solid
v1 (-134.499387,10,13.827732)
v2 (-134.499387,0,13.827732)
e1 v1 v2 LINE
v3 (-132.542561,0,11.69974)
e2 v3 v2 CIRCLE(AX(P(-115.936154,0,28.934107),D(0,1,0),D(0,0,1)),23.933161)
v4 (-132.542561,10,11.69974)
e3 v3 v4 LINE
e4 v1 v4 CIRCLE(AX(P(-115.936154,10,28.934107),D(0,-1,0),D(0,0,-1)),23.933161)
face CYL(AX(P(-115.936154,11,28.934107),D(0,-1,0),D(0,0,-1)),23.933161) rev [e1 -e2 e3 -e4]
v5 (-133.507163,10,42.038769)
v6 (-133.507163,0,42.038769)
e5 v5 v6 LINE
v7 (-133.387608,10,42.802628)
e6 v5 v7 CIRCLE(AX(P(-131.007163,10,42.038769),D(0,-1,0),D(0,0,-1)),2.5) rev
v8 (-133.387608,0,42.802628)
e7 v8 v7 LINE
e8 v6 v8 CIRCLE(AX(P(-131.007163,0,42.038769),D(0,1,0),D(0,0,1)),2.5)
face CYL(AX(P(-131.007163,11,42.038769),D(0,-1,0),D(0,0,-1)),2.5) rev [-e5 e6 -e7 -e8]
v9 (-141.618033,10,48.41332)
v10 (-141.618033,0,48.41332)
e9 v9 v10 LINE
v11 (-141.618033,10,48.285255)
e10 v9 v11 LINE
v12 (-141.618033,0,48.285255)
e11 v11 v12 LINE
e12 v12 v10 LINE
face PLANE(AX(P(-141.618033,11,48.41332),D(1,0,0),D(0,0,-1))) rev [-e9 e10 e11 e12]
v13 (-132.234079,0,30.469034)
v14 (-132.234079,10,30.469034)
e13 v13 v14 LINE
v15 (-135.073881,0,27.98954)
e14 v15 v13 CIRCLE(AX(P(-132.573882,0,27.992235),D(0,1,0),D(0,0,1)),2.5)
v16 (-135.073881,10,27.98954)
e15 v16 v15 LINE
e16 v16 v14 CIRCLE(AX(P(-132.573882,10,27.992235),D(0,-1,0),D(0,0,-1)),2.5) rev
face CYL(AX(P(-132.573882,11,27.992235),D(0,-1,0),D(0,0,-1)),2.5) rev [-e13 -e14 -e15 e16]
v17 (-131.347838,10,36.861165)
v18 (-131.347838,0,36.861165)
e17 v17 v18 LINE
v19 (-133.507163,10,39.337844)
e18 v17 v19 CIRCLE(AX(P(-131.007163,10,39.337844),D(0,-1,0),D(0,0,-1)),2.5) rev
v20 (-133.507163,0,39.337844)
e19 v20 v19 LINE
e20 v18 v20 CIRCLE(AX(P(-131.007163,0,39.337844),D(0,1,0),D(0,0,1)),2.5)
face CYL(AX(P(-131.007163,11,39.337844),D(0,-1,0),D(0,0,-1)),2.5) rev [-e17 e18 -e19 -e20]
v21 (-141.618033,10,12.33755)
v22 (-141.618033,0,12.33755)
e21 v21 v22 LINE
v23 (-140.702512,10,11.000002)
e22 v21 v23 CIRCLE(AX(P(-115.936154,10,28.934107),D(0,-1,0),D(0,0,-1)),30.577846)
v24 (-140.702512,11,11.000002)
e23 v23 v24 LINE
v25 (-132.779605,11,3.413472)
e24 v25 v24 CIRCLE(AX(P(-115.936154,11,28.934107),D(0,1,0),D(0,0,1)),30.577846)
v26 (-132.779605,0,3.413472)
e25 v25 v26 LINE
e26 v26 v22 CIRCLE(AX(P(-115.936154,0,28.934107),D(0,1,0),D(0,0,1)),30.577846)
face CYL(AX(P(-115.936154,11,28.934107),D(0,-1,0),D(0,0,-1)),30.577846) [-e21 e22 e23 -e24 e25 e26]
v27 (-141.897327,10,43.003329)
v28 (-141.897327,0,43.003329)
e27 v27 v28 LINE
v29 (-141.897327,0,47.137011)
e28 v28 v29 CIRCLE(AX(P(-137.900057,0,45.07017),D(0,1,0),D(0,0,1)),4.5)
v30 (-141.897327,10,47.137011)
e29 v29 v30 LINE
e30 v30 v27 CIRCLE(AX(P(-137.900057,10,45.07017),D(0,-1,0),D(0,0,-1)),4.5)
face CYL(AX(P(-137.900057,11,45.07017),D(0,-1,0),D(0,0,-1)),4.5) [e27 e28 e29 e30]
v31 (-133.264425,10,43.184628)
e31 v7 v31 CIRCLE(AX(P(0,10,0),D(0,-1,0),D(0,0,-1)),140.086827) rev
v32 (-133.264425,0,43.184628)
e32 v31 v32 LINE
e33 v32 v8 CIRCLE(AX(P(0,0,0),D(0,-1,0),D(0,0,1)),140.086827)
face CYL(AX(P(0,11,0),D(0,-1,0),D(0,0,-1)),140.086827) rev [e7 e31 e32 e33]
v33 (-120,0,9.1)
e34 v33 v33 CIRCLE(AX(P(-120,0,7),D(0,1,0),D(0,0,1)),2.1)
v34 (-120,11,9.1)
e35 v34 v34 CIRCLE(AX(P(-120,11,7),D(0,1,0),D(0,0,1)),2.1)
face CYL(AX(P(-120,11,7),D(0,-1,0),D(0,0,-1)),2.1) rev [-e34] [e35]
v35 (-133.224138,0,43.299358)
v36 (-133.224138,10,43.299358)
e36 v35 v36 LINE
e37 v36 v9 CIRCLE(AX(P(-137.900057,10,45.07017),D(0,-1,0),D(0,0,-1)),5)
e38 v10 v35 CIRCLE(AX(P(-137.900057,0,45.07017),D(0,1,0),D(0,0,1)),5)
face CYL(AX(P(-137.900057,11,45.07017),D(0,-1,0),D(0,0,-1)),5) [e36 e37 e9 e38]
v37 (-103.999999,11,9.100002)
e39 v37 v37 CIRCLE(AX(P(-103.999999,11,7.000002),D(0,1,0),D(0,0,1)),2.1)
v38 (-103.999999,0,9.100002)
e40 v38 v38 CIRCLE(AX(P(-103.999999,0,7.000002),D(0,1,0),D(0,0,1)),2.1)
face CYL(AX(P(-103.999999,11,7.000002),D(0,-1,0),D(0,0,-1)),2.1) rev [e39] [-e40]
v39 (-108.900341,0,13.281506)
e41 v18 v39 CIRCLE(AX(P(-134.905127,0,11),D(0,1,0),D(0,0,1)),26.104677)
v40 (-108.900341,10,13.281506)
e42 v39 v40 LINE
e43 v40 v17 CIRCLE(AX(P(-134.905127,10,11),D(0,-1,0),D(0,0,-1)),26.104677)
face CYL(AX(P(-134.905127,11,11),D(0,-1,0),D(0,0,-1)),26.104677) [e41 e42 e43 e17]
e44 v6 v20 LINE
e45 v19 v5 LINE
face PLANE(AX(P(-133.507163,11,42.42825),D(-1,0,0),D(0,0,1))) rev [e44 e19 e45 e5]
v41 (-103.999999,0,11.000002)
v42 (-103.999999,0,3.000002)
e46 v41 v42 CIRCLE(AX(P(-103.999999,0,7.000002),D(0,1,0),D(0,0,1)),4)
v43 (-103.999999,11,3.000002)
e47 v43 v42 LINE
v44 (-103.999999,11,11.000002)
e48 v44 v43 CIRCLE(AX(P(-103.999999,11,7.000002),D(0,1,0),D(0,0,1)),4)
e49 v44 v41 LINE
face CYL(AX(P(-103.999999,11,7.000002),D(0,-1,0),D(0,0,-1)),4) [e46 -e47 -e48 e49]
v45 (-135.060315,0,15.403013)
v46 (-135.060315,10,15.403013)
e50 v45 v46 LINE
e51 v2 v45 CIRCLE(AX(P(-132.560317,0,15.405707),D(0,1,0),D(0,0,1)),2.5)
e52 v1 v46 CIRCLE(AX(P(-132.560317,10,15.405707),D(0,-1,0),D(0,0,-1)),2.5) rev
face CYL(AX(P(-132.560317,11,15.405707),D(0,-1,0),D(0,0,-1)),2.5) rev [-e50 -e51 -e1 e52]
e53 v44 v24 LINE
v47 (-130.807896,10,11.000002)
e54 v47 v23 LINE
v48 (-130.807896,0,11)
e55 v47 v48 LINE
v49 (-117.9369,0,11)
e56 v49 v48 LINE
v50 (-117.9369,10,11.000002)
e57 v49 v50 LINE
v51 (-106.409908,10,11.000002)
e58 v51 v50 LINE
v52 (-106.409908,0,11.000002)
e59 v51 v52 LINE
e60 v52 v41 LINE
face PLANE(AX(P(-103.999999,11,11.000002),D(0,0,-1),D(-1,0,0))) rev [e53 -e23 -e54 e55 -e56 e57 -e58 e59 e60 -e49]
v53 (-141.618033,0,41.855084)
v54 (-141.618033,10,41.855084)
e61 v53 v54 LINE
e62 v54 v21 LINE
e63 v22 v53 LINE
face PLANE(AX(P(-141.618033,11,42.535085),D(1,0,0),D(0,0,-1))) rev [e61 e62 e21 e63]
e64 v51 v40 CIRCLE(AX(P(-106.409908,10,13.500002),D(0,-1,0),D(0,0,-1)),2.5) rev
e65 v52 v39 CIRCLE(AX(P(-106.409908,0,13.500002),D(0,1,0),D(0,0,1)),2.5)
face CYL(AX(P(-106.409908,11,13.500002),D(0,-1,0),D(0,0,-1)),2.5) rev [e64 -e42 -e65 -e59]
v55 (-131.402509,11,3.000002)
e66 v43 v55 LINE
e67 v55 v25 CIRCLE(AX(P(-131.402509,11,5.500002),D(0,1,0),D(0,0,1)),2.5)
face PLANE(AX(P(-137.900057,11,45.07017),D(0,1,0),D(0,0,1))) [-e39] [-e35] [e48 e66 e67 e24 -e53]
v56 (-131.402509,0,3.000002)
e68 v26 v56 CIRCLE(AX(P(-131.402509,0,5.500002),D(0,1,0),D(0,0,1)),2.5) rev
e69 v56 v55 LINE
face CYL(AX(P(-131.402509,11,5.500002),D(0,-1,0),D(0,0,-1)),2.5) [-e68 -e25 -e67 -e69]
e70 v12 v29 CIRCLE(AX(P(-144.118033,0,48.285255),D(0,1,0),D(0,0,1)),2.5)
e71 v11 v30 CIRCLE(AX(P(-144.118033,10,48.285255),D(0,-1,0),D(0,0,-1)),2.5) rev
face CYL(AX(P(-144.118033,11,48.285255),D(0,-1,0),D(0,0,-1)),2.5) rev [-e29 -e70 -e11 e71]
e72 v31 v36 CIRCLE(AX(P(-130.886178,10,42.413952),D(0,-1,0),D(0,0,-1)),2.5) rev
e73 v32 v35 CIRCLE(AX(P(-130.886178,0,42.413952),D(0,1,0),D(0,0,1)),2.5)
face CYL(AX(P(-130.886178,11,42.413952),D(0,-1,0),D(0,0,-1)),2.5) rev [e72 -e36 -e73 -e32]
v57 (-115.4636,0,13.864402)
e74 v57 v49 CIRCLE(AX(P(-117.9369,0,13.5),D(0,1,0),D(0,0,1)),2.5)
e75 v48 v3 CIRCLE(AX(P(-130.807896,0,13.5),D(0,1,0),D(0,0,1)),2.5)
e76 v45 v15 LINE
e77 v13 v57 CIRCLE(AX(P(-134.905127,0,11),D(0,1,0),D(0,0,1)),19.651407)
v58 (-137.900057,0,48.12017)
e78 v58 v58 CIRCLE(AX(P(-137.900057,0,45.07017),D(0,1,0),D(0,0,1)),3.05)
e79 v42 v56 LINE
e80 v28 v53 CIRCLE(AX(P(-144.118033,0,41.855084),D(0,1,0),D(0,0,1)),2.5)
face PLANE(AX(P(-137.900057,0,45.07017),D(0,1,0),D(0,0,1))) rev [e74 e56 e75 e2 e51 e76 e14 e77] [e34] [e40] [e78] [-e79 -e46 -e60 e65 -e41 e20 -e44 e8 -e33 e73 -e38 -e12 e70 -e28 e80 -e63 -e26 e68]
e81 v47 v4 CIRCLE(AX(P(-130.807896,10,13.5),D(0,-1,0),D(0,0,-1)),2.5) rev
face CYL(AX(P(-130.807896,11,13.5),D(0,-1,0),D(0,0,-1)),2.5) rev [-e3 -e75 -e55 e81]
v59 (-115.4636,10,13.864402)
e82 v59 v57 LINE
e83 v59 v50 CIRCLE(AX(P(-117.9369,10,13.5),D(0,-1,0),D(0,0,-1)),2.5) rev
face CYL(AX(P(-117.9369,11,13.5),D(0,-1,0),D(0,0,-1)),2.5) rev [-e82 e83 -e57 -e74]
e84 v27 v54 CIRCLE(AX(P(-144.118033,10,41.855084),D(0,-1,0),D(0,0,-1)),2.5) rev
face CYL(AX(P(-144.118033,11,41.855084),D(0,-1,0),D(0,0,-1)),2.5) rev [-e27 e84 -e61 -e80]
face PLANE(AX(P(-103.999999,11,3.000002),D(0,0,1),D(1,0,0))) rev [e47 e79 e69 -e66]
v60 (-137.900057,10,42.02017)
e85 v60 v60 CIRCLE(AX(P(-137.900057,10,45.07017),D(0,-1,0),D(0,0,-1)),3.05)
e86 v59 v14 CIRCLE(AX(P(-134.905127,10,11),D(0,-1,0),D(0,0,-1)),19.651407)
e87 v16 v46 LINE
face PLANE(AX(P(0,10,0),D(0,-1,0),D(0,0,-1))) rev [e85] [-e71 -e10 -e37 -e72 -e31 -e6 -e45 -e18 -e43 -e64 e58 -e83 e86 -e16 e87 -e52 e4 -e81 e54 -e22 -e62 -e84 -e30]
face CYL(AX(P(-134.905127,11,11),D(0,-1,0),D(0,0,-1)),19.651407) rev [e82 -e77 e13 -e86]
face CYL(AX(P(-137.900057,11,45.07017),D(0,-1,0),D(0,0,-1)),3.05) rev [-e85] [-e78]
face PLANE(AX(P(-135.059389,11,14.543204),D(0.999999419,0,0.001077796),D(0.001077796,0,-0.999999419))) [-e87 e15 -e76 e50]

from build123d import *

# Parameters (mm, degrees)
SKETCH1_R           = 2.1
SKETCH1_R_2         = 3.05
BOSS_EXTRUDE1_DEPTH = 11
FILLET1_R           = 2.5
SKETCH2_W           = 62.859905726
SKETCH2_H           = 67.127049317
CUT_EXTRUDE1_DEPTH  = 1


with BuildPart() as part:
    # Sketch1 → Boss-Extrude1 (new body)
    with BuildSketch(Plane(origin=(0, 0, 0), x_dir=(1, 0, 0), z_dir=(0, 1, 0))):
        with BuildLine():
            Line((-141.618033146, -48.413320241), (-141.618033146, -47.605254623))
            ThreePointArc((-141.618033146, -47.605254623), (-142.400057305, -45.070169685), (-141.618033146, -42.535084747))
            Line((-141.618033146, -42.535084747), (-141.618033146, -12.337550143))
            ThreePointArc((-141.618033146, -12.337550143), (-137.391034255, -7.146662711), (-132.135747469, -3.000002276))
            Line((-132.135747469, -3.000002276), (-103.999998533, -3.000002276))
            ThreePointArc((-103.999998533, -3.000002276), (-99.999998533, -7.000002276), (-103.999998533, -11.000002276))
            Line((-103.999998533, -11.000002276), (-108.800450096, -11.000002276))
            ThreePointArc((-108.800450096, -11.000002276), (-115.958524417, -28.957739522), (-133.507162881, -37.067218112))
            Line((-133.507162881, -37.067218112), (-133.507162881, -42.428250309))
            ThreePointArc((-133.507162881, -42.428250309), (-133.376053416, -42.838619725), (-133.243682576, -43.248584005))
            ThreePointArc((-133.243682576, -43.248584005), (-135.275410049, -49.325898387), (-141.618033146, -48.413320241))
        make_face()
        with Locations(Location((-103.999998533, -7.000002276, 0), (0, 0, 270))):
            Circle(SKETCH1_R, mode=Mode.SUBTRACT)
        with Locations(Location((-120, -7, 0), (0, 0, 270))):
            Circle(SKETCH1_R, mode=Mode.SUBTRACT)
        with Locations(Location((-137.900057305, -45.070169685, 0), (0, 0, 270))):
            Circle(SKETCH1_R_2, mode=Mode.SUBTRACT)
        with BuildLine():
            Line((-115.253720534, -10.999999988), (-131.784308175, -10.999999988))
            ThreePointArc((-131.784308175, -10.999999988), (-133.51136611, -12.688858333), (-135.059388528, -14.543204098))
            Line((-135.059388528, -14.543204098), (-135.076749083, -30.65065719))
            ThreePointArc((-135.076749083, -30.65065719), (-121.070294848, -24.956188484), (-115.253720534, -10.999999988))
        make_face(mode=Mode.SUBTRACT)
    extrude(amount=BOSS_EXTRUDE1_DEPTH)

    # Fillet1
    fillet1_edges = [part.edges().sort_by_distance(p)[0] for p in [
        (-141.618033146, 5.5, 42.535084747),
        (-132.135747469, 5.5, 3.000002276),
        (-108.800450096, 5.5, 11.000002276),
        (-133.507162881, 5.5, 37.067218112),
        (-133.507162881, 5.5, 42.428250309),
        (-133.243682576, 5.5, 43.248584005),
        (-141.618033146, 5.5, 47.605254623),
        (-135.076749083, 5.5, 30.65065719),
        (-115.253720534, 5.5, 10.999999988),
        (-131.784308175, 5.5, 10.999999988),
        (-135.059388528, 5.5, 14.543204098),
    ]]
    fillet(fillet1_edges, radius=FILLET1_R)

    # Sketch2 → Cut-Extrude1 (cut)
    with BuildSketch(Plane(origin=(0, 11, 0), x_dir=(1, 0, 0), z_dir=(0, 1, 0))):
        with Locations((-133.229918527, -44.563526935)):
            Rectangle(SKETCH2_W, SKETCH2_H)
    extrude(amount=-CUT_EXTRUDE1_DEPTH, mode=Mode.SUBTRACT)


solid = part.part
